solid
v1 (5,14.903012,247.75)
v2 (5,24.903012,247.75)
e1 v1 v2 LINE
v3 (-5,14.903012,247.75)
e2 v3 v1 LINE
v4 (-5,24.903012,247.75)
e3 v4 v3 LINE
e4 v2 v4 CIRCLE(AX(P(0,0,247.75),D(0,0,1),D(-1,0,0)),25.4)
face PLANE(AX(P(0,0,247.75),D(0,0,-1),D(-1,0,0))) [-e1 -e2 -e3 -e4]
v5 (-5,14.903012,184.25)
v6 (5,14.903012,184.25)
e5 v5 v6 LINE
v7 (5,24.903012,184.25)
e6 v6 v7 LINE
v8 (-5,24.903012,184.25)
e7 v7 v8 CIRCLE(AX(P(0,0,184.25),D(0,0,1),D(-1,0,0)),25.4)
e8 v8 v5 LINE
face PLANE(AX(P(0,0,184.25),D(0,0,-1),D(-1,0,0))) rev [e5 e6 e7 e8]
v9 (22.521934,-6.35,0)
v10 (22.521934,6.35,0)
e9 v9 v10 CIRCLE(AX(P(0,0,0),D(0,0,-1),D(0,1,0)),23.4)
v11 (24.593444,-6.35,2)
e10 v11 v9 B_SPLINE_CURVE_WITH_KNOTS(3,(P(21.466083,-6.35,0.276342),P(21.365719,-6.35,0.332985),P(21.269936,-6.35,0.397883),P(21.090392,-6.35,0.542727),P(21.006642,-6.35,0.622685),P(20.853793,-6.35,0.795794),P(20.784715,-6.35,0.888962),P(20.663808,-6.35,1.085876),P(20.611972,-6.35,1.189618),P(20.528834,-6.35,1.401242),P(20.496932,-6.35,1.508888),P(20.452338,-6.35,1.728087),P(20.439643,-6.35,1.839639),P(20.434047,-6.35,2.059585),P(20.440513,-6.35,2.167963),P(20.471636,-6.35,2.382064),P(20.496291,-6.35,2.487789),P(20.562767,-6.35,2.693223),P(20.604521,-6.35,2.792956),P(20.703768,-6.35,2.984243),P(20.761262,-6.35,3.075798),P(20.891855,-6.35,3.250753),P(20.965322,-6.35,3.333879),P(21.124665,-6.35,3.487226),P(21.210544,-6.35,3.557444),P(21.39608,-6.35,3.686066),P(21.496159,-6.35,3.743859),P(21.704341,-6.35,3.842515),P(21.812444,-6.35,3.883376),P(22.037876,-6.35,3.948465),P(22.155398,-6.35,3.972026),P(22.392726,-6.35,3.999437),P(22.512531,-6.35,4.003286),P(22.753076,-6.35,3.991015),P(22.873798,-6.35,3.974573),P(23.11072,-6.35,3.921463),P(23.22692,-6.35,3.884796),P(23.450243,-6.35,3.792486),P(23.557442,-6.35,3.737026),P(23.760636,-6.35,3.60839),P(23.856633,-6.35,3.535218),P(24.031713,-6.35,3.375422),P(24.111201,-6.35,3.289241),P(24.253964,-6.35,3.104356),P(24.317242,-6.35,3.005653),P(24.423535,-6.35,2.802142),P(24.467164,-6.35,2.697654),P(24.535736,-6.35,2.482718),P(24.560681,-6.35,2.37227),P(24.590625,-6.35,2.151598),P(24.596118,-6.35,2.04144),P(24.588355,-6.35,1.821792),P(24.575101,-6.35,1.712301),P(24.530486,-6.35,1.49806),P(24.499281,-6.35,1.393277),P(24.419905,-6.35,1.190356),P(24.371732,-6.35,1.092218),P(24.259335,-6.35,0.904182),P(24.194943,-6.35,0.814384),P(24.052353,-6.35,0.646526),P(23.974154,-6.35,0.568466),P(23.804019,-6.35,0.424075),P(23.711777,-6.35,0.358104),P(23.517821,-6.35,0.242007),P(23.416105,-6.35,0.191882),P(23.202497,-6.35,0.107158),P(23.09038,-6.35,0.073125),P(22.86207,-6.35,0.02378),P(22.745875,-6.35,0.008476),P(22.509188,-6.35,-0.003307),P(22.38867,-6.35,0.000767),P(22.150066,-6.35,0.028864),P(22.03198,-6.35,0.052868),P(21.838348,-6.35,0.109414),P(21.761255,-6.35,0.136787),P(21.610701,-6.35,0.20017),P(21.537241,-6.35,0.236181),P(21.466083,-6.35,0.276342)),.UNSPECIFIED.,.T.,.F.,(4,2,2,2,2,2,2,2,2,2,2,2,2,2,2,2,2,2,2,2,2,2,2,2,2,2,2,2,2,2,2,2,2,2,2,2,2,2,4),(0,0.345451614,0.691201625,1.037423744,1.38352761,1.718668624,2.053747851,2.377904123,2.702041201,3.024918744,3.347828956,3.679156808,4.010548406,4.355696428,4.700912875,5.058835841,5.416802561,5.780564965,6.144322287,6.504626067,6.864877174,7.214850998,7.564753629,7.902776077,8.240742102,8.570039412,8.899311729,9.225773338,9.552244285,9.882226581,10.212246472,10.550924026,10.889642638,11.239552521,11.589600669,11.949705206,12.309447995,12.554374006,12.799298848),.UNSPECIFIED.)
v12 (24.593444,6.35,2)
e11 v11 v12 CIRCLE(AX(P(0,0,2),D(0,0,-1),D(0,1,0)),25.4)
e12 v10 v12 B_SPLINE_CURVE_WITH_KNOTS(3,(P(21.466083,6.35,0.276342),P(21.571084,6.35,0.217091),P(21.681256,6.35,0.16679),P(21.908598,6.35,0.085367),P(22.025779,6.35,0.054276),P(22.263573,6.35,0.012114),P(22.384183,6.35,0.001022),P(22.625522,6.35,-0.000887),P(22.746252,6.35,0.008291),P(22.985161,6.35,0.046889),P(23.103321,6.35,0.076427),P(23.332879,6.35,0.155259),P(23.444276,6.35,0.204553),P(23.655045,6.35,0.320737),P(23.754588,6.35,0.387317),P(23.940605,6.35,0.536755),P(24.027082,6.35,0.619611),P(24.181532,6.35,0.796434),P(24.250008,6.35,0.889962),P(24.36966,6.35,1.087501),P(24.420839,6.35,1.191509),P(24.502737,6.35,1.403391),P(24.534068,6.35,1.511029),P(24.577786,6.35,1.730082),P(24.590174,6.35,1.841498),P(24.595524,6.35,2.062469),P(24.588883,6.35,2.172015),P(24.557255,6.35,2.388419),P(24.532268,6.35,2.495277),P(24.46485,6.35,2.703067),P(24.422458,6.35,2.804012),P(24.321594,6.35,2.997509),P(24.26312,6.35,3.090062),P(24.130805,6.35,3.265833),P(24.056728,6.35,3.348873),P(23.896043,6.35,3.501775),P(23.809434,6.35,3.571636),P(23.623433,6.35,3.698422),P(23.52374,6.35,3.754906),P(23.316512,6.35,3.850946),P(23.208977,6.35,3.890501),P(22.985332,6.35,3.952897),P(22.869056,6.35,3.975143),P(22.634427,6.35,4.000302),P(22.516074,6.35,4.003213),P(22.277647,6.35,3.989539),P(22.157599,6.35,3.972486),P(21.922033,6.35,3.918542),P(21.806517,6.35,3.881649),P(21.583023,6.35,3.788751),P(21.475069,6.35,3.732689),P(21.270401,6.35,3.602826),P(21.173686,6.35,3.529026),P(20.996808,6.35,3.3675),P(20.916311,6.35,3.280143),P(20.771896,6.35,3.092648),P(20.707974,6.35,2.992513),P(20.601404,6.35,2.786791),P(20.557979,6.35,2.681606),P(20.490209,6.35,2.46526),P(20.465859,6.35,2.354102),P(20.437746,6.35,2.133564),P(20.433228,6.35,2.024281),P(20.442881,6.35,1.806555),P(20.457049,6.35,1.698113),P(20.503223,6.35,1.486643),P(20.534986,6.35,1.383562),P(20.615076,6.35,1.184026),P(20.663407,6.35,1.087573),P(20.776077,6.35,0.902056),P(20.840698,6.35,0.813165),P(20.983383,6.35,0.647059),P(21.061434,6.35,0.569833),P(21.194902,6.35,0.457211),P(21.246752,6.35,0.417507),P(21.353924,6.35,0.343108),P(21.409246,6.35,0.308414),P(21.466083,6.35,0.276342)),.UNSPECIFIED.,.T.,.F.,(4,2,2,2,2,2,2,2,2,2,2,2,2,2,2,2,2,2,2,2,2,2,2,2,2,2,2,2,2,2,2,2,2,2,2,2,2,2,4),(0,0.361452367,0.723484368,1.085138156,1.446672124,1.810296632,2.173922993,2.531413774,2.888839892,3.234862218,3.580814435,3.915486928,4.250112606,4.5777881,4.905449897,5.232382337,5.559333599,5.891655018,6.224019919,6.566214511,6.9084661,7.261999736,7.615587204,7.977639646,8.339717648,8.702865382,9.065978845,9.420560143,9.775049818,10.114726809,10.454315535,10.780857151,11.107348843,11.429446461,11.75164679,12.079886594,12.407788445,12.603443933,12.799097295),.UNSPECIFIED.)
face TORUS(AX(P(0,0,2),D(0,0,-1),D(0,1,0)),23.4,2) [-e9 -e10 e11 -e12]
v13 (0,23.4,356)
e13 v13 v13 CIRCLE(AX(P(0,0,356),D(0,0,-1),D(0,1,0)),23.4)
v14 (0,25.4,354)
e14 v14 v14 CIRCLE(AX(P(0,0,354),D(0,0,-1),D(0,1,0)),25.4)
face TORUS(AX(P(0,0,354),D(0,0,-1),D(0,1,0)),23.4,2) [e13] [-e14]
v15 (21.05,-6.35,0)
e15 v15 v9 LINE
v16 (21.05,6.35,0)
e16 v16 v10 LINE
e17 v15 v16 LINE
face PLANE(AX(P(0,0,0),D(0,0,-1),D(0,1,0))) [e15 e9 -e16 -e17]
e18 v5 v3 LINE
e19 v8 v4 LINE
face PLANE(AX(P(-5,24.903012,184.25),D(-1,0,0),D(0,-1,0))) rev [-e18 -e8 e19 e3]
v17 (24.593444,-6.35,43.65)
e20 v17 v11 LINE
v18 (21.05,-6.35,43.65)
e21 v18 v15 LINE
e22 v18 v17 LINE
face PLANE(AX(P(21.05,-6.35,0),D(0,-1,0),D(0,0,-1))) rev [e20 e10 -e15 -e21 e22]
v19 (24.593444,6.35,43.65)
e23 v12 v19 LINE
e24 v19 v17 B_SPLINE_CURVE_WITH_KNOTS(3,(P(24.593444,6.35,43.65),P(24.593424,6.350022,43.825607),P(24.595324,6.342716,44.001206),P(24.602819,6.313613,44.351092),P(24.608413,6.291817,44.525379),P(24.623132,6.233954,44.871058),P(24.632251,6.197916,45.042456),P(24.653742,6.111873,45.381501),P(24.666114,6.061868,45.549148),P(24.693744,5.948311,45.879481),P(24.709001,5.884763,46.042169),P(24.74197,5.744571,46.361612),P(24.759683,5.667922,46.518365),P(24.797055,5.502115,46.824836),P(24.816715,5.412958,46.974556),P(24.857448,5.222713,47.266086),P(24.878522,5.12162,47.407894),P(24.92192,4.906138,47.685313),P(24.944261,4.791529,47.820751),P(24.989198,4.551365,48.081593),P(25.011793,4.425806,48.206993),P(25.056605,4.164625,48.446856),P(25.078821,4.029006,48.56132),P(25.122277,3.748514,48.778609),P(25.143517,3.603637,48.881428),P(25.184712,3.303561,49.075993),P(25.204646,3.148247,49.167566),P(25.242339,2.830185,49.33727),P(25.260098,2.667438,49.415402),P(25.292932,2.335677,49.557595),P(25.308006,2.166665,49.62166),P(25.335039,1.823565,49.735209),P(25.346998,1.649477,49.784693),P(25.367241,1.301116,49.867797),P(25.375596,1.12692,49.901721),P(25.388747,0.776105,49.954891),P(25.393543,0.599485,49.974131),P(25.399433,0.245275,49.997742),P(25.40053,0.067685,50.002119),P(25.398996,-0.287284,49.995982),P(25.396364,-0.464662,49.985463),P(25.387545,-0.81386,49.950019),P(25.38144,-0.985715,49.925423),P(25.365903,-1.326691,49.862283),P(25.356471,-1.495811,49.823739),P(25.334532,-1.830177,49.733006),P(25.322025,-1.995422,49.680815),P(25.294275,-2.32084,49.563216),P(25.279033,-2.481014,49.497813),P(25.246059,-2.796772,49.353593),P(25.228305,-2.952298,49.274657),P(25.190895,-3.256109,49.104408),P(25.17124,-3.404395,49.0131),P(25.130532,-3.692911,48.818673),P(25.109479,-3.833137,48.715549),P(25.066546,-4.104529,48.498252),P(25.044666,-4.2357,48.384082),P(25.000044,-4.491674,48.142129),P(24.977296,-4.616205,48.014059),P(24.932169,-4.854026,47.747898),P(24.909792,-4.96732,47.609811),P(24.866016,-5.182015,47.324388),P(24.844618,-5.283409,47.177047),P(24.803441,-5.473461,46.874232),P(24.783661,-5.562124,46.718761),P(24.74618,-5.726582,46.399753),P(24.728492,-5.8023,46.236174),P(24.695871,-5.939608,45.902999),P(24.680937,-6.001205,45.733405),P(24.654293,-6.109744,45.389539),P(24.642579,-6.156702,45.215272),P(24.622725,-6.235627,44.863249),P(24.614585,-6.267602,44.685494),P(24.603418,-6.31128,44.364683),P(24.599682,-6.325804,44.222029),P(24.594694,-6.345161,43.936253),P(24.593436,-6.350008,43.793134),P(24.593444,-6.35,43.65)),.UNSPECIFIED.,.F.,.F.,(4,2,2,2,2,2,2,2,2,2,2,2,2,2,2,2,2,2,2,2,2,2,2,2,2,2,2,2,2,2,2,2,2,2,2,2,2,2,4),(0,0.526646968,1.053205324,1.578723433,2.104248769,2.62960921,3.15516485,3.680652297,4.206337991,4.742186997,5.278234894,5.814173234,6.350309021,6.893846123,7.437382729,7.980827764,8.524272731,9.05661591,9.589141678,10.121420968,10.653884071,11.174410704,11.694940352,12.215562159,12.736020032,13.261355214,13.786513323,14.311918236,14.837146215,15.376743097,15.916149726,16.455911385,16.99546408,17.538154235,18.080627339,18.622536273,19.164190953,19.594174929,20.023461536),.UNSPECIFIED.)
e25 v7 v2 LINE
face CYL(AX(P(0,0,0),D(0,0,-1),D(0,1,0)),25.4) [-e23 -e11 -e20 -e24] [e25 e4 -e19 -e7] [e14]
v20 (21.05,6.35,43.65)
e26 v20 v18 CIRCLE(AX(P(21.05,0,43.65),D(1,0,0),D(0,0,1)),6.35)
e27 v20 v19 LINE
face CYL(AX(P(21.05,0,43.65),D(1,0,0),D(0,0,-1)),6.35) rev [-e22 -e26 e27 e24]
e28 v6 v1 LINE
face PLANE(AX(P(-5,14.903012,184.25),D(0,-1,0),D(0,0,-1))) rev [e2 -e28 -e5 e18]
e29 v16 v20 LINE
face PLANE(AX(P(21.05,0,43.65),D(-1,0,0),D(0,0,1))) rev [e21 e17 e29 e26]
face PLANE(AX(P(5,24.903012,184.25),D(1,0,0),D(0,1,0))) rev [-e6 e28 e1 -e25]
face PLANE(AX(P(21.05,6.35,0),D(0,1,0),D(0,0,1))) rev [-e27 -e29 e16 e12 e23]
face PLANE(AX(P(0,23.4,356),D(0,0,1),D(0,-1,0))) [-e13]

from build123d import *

# Parameters (mm, degrees)
CUT_EXTRUDE7_DEPTH = 4.35
CUT_EXTRUDE8_DEPTH = 63.5


with BuildPart() as part:
    # Sketch1 → Revolve1 (revolve)
    with BuildSketch(Plane(origin=(0, 0, 0), x_dir=(0, 0, -1), z_dir=(1, 0, 0))):
        with BuildLine():
            Line((0, 0), (0, 23.4))
            ThreePointArc((0, 23.4), (-0.585786438, 24.814213562), (-2, 25.4))
            Line((-2, 25.4), (-354, 25.4))
            ThreePointArc((-354, 25.4), (-355.414213562, 24.814213562), (-356, 23.4))
            Line((-356, 23.4), (-356, 0))
            Line((-356, 0), (0, 0))
        make_face()
    revolve(axis=Axis((0, 0, 0), (0, 0, 1)))

    # Sketch6 → Cut-Extrude7 (cut)
    with BuildSketch(Plane(origin=(25.4, 0, 0), x_dir=(0, 0, -1), z_dir=(1, 0, 0))):
        with BuildLine():
            Line((0, 6.35), (-43.65, 6.35))
            ThreePointArc((-43.65, 6.35), (-50, 0), (-43.65, -6.35))
            Line((-43.65, -6.35), (0, -6.35))
            Line((0, -6.35), (0, 6.35))
        make_face()
    extrude(amount=-CUT_EXTRUDE7_DEPTH, mode=Mode.SUBTRACT)

    # Sketch7 → Cut-Extrude8 (cut)
    with BuildSketch(Plane.XY.offset(247.75)):
        with BuildLine():
            Line((-5, 24.903011866), (-5, 14.903011866))
            Line((-5, 14.903011866), (5, 14.903011866))
            Line((5, 14.903011866), (5, 24.903011866))
            ThreePointArc((5, 24.903011866), (0, 25.4), (-5, 24.903011866))
        make_face()
    extrude(amount=-CUT_EXTRUDE8_DEPTH, mode=Mode.SUBTRACT)


solid = part.part
